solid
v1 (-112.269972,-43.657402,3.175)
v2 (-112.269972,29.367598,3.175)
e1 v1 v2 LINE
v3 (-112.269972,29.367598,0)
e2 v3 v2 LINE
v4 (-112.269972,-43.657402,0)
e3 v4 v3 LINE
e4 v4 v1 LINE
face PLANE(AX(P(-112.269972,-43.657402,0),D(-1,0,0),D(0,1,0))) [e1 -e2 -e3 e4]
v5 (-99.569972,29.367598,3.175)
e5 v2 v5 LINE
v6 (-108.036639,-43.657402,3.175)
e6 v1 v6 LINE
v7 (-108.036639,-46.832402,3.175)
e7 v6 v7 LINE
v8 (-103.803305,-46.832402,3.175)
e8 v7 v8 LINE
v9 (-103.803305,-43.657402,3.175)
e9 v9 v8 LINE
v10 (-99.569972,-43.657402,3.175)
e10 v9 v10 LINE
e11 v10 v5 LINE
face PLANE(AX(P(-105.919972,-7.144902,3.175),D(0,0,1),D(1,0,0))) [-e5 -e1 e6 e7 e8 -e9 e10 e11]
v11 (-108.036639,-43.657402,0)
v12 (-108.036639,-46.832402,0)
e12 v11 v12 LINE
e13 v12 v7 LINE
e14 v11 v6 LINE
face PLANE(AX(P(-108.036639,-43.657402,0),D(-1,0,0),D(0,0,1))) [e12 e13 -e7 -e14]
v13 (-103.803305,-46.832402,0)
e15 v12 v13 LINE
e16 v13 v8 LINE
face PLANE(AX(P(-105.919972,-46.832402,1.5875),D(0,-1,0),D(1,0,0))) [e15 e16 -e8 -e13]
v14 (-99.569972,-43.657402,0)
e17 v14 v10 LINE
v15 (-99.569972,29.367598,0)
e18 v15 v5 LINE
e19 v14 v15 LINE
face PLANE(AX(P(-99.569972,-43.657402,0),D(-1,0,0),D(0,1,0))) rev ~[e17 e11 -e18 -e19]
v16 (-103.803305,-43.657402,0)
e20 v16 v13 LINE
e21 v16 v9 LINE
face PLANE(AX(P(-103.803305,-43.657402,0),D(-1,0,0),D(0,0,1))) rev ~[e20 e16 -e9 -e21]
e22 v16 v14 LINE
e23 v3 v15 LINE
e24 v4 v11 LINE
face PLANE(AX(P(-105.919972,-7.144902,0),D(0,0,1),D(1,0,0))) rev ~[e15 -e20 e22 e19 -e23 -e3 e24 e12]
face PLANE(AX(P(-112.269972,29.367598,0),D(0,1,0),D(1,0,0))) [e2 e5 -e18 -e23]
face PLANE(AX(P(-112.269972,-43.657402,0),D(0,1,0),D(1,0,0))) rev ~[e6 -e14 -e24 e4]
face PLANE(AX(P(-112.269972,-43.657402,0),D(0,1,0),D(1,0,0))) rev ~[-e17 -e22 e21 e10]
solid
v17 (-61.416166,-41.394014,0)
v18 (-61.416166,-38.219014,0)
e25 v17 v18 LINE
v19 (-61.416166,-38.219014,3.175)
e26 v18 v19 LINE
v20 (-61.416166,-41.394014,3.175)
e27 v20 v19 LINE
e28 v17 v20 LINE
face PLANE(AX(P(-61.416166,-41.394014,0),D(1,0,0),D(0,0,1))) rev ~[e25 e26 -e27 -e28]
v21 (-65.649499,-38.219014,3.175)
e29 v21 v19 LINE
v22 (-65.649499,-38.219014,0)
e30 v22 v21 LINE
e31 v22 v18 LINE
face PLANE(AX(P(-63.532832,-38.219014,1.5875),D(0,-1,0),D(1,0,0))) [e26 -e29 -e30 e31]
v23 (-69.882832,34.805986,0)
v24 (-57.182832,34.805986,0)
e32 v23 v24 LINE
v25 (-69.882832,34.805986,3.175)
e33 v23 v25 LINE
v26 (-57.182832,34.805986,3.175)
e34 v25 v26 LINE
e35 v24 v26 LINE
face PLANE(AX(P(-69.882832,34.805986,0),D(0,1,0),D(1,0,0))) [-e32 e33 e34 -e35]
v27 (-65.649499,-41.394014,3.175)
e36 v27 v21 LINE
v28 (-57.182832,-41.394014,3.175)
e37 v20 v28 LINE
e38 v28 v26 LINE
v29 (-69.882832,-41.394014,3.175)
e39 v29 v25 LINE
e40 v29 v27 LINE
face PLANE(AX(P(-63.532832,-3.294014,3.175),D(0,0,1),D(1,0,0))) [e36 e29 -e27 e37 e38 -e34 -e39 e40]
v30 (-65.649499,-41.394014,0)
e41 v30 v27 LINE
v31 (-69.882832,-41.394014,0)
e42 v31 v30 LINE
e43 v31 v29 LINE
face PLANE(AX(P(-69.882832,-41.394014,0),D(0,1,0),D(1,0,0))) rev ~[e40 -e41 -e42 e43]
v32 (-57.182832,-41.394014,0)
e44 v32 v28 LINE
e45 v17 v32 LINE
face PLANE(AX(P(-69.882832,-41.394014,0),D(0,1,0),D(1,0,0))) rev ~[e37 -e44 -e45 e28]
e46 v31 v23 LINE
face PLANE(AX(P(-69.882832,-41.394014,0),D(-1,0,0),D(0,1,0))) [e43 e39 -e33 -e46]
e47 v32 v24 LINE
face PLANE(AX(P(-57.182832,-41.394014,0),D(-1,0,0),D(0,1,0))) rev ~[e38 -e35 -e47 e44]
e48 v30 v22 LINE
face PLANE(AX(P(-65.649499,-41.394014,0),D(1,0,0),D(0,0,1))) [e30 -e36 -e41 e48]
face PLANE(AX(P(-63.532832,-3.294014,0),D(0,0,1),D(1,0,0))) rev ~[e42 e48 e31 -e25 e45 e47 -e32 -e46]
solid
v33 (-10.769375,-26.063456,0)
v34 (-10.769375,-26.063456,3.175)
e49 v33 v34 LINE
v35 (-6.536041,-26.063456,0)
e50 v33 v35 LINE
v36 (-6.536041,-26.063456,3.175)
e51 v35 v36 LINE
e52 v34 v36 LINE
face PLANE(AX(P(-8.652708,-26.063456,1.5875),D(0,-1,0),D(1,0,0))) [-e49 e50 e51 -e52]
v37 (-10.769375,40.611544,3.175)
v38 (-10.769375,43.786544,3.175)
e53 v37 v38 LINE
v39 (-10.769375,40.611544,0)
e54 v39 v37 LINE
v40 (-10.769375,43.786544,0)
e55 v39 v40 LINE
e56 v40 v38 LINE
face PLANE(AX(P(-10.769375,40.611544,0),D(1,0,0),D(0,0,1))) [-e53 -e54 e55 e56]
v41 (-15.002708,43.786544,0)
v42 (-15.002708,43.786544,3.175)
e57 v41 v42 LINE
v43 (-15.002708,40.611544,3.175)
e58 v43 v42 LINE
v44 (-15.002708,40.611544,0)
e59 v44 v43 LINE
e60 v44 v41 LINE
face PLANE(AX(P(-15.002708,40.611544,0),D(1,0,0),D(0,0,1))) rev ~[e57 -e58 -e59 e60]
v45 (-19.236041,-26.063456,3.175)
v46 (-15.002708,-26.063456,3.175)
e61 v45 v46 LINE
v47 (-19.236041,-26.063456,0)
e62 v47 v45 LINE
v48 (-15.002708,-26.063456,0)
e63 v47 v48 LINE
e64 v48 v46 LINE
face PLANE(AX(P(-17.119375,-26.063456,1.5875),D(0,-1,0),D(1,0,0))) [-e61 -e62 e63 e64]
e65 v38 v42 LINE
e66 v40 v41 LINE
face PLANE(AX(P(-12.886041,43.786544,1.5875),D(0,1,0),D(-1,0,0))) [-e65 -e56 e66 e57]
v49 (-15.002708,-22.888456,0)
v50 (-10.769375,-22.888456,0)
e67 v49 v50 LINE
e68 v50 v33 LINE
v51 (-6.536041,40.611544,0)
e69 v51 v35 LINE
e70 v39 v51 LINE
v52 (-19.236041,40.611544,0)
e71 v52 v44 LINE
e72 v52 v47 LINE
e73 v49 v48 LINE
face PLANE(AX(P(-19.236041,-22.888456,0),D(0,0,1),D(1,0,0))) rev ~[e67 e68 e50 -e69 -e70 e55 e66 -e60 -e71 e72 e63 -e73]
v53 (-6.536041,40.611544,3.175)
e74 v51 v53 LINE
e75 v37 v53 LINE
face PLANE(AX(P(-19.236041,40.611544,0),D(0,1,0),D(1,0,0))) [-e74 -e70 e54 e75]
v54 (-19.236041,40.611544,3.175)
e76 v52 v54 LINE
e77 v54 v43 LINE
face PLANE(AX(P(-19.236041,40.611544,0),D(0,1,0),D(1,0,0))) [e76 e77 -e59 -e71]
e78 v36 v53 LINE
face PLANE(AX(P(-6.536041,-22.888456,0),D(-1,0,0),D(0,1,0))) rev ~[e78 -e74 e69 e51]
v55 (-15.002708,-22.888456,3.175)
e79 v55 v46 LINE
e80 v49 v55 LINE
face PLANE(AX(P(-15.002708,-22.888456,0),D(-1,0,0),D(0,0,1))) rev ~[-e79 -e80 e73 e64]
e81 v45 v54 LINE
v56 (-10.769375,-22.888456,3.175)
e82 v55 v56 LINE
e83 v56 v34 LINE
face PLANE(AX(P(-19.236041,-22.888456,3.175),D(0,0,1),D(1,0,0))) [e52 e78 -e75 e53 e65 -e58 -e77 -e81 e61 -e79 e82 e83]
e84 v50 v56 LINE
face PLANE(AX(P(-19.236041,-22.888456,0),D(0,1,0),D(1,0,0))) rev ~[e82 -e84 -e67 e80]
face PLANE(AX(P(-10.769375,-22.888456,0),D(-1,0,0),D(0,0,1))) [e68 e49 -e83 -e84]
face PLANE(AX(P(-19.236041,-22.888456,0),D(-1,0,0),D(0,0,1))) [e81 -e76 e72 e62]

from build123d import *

# Parameters (mm, degrees)
F0_W      = 12.7
F0_H      = 73.025
F1_DEPTH  = 3.175
F0_H_2    = 76.2
F0_H_3    = 63.5
F2_W      = 4.2333333333
F2_H      = 3.175
F3_DEPTH  = 11.1125
F4_W      = 4.2333333333
F4_H      = 3.175
F5_DEPTH  = 3.175
F6_W      = 4.2333333333
F6_H      = 3.175
F7_DEPTH  = 3.175
F8_W      = 4.2333333333
F8_H      = 3.175
F9_DEPTH  = 3.175
F10_W     = 4.2333333333
F10_H     = 3.175
F11_DEPTH = 3.175


with BuildPart() as f1:
    # F0 (on Top) → F1 (new body)
    with BuildSketch(Plane.XY):
        with Locations((-105.9199720621, -7.1449020383)):
            Rectangle(F0_W, F0_H)
    extrude(amount=F1_DEPTH)

    # F6 (on face) → F7 (join)
    with BuildSketch(Plane.XZ.offset(43.6574020383)):
        with Locations((-105.9199720621, 1.5875)):
            Rectangle(F6_W, F6_H)
    extrude(amount=F7_DEPTH)


with BuildPart() as f1b:
    # F0 (on Top) → F1, piece 2 (new body)
    with BuildSketch(Plane.XY):
        with Locations((-63.5328324676, -3.2940139115)):
            Rectangle(F0_W, F0_H_2)
    extrude(amount=F1_DEPTH)

    # F8 (on face) → F9 (cut)
    with BuildSketch(Plane.XZ.offset(41.3940139115)):
        with Locations((-63.5328324676, 1.5875)):
            Rectangle(F8_W, F8_H)
    extrude(amount=-F9_DEPTH, mode=Mode.SUBTRACT)


with BuildPart() as f1c:
    # F0 (on Top) → F1, piece 3 (new body)
    with BuildSketch(Plane.XY):
        with Locations((-12.8860412329, 8.8615444601)):
            Rectangle(F0_W, F0_H_3)
    extrude(amount=F1_DEPTH)

    # F2 (on face) → F3 (join)
    with BuildSketch(Plane(origin=(0, 29.3675979617, 0), x_dir=(-1, 0, 0), z_dir=(0, 1, 0))):
        with Locations((12.8860412329, 1.5875)):
            Rectangle(F2_W, F2_H)
    extrude(amount=F3_DEPTH)

    # F4 (on face) → F5 (join)
    with BuildSketch(Plane.XZ.offset(22.8884555399)):
        with Locations((-17.1193745663, 1.5875)):
            Rectangle(F4_W, F4_H)
        with Locations((-8.6527078996, 1.5875)):
            Rectangle(F4_W, F4_H)
    extrude(amount=F5_DEPTH)

    # F10 (on face) → F11 (join)
    with BuildSketch(Plane(origin=(0, 40.6115444601, 0), x_dir=(-1, 0, 0), z_dir=(0, 1, 0))):
        with Locations((12.8860412329, 1.5875)):
            Rectangle(F10_W, F10_H)
    extrude(amount=F11_DEPTH)


solid = Compound([f1.part, f1b.part, f1c.part])
